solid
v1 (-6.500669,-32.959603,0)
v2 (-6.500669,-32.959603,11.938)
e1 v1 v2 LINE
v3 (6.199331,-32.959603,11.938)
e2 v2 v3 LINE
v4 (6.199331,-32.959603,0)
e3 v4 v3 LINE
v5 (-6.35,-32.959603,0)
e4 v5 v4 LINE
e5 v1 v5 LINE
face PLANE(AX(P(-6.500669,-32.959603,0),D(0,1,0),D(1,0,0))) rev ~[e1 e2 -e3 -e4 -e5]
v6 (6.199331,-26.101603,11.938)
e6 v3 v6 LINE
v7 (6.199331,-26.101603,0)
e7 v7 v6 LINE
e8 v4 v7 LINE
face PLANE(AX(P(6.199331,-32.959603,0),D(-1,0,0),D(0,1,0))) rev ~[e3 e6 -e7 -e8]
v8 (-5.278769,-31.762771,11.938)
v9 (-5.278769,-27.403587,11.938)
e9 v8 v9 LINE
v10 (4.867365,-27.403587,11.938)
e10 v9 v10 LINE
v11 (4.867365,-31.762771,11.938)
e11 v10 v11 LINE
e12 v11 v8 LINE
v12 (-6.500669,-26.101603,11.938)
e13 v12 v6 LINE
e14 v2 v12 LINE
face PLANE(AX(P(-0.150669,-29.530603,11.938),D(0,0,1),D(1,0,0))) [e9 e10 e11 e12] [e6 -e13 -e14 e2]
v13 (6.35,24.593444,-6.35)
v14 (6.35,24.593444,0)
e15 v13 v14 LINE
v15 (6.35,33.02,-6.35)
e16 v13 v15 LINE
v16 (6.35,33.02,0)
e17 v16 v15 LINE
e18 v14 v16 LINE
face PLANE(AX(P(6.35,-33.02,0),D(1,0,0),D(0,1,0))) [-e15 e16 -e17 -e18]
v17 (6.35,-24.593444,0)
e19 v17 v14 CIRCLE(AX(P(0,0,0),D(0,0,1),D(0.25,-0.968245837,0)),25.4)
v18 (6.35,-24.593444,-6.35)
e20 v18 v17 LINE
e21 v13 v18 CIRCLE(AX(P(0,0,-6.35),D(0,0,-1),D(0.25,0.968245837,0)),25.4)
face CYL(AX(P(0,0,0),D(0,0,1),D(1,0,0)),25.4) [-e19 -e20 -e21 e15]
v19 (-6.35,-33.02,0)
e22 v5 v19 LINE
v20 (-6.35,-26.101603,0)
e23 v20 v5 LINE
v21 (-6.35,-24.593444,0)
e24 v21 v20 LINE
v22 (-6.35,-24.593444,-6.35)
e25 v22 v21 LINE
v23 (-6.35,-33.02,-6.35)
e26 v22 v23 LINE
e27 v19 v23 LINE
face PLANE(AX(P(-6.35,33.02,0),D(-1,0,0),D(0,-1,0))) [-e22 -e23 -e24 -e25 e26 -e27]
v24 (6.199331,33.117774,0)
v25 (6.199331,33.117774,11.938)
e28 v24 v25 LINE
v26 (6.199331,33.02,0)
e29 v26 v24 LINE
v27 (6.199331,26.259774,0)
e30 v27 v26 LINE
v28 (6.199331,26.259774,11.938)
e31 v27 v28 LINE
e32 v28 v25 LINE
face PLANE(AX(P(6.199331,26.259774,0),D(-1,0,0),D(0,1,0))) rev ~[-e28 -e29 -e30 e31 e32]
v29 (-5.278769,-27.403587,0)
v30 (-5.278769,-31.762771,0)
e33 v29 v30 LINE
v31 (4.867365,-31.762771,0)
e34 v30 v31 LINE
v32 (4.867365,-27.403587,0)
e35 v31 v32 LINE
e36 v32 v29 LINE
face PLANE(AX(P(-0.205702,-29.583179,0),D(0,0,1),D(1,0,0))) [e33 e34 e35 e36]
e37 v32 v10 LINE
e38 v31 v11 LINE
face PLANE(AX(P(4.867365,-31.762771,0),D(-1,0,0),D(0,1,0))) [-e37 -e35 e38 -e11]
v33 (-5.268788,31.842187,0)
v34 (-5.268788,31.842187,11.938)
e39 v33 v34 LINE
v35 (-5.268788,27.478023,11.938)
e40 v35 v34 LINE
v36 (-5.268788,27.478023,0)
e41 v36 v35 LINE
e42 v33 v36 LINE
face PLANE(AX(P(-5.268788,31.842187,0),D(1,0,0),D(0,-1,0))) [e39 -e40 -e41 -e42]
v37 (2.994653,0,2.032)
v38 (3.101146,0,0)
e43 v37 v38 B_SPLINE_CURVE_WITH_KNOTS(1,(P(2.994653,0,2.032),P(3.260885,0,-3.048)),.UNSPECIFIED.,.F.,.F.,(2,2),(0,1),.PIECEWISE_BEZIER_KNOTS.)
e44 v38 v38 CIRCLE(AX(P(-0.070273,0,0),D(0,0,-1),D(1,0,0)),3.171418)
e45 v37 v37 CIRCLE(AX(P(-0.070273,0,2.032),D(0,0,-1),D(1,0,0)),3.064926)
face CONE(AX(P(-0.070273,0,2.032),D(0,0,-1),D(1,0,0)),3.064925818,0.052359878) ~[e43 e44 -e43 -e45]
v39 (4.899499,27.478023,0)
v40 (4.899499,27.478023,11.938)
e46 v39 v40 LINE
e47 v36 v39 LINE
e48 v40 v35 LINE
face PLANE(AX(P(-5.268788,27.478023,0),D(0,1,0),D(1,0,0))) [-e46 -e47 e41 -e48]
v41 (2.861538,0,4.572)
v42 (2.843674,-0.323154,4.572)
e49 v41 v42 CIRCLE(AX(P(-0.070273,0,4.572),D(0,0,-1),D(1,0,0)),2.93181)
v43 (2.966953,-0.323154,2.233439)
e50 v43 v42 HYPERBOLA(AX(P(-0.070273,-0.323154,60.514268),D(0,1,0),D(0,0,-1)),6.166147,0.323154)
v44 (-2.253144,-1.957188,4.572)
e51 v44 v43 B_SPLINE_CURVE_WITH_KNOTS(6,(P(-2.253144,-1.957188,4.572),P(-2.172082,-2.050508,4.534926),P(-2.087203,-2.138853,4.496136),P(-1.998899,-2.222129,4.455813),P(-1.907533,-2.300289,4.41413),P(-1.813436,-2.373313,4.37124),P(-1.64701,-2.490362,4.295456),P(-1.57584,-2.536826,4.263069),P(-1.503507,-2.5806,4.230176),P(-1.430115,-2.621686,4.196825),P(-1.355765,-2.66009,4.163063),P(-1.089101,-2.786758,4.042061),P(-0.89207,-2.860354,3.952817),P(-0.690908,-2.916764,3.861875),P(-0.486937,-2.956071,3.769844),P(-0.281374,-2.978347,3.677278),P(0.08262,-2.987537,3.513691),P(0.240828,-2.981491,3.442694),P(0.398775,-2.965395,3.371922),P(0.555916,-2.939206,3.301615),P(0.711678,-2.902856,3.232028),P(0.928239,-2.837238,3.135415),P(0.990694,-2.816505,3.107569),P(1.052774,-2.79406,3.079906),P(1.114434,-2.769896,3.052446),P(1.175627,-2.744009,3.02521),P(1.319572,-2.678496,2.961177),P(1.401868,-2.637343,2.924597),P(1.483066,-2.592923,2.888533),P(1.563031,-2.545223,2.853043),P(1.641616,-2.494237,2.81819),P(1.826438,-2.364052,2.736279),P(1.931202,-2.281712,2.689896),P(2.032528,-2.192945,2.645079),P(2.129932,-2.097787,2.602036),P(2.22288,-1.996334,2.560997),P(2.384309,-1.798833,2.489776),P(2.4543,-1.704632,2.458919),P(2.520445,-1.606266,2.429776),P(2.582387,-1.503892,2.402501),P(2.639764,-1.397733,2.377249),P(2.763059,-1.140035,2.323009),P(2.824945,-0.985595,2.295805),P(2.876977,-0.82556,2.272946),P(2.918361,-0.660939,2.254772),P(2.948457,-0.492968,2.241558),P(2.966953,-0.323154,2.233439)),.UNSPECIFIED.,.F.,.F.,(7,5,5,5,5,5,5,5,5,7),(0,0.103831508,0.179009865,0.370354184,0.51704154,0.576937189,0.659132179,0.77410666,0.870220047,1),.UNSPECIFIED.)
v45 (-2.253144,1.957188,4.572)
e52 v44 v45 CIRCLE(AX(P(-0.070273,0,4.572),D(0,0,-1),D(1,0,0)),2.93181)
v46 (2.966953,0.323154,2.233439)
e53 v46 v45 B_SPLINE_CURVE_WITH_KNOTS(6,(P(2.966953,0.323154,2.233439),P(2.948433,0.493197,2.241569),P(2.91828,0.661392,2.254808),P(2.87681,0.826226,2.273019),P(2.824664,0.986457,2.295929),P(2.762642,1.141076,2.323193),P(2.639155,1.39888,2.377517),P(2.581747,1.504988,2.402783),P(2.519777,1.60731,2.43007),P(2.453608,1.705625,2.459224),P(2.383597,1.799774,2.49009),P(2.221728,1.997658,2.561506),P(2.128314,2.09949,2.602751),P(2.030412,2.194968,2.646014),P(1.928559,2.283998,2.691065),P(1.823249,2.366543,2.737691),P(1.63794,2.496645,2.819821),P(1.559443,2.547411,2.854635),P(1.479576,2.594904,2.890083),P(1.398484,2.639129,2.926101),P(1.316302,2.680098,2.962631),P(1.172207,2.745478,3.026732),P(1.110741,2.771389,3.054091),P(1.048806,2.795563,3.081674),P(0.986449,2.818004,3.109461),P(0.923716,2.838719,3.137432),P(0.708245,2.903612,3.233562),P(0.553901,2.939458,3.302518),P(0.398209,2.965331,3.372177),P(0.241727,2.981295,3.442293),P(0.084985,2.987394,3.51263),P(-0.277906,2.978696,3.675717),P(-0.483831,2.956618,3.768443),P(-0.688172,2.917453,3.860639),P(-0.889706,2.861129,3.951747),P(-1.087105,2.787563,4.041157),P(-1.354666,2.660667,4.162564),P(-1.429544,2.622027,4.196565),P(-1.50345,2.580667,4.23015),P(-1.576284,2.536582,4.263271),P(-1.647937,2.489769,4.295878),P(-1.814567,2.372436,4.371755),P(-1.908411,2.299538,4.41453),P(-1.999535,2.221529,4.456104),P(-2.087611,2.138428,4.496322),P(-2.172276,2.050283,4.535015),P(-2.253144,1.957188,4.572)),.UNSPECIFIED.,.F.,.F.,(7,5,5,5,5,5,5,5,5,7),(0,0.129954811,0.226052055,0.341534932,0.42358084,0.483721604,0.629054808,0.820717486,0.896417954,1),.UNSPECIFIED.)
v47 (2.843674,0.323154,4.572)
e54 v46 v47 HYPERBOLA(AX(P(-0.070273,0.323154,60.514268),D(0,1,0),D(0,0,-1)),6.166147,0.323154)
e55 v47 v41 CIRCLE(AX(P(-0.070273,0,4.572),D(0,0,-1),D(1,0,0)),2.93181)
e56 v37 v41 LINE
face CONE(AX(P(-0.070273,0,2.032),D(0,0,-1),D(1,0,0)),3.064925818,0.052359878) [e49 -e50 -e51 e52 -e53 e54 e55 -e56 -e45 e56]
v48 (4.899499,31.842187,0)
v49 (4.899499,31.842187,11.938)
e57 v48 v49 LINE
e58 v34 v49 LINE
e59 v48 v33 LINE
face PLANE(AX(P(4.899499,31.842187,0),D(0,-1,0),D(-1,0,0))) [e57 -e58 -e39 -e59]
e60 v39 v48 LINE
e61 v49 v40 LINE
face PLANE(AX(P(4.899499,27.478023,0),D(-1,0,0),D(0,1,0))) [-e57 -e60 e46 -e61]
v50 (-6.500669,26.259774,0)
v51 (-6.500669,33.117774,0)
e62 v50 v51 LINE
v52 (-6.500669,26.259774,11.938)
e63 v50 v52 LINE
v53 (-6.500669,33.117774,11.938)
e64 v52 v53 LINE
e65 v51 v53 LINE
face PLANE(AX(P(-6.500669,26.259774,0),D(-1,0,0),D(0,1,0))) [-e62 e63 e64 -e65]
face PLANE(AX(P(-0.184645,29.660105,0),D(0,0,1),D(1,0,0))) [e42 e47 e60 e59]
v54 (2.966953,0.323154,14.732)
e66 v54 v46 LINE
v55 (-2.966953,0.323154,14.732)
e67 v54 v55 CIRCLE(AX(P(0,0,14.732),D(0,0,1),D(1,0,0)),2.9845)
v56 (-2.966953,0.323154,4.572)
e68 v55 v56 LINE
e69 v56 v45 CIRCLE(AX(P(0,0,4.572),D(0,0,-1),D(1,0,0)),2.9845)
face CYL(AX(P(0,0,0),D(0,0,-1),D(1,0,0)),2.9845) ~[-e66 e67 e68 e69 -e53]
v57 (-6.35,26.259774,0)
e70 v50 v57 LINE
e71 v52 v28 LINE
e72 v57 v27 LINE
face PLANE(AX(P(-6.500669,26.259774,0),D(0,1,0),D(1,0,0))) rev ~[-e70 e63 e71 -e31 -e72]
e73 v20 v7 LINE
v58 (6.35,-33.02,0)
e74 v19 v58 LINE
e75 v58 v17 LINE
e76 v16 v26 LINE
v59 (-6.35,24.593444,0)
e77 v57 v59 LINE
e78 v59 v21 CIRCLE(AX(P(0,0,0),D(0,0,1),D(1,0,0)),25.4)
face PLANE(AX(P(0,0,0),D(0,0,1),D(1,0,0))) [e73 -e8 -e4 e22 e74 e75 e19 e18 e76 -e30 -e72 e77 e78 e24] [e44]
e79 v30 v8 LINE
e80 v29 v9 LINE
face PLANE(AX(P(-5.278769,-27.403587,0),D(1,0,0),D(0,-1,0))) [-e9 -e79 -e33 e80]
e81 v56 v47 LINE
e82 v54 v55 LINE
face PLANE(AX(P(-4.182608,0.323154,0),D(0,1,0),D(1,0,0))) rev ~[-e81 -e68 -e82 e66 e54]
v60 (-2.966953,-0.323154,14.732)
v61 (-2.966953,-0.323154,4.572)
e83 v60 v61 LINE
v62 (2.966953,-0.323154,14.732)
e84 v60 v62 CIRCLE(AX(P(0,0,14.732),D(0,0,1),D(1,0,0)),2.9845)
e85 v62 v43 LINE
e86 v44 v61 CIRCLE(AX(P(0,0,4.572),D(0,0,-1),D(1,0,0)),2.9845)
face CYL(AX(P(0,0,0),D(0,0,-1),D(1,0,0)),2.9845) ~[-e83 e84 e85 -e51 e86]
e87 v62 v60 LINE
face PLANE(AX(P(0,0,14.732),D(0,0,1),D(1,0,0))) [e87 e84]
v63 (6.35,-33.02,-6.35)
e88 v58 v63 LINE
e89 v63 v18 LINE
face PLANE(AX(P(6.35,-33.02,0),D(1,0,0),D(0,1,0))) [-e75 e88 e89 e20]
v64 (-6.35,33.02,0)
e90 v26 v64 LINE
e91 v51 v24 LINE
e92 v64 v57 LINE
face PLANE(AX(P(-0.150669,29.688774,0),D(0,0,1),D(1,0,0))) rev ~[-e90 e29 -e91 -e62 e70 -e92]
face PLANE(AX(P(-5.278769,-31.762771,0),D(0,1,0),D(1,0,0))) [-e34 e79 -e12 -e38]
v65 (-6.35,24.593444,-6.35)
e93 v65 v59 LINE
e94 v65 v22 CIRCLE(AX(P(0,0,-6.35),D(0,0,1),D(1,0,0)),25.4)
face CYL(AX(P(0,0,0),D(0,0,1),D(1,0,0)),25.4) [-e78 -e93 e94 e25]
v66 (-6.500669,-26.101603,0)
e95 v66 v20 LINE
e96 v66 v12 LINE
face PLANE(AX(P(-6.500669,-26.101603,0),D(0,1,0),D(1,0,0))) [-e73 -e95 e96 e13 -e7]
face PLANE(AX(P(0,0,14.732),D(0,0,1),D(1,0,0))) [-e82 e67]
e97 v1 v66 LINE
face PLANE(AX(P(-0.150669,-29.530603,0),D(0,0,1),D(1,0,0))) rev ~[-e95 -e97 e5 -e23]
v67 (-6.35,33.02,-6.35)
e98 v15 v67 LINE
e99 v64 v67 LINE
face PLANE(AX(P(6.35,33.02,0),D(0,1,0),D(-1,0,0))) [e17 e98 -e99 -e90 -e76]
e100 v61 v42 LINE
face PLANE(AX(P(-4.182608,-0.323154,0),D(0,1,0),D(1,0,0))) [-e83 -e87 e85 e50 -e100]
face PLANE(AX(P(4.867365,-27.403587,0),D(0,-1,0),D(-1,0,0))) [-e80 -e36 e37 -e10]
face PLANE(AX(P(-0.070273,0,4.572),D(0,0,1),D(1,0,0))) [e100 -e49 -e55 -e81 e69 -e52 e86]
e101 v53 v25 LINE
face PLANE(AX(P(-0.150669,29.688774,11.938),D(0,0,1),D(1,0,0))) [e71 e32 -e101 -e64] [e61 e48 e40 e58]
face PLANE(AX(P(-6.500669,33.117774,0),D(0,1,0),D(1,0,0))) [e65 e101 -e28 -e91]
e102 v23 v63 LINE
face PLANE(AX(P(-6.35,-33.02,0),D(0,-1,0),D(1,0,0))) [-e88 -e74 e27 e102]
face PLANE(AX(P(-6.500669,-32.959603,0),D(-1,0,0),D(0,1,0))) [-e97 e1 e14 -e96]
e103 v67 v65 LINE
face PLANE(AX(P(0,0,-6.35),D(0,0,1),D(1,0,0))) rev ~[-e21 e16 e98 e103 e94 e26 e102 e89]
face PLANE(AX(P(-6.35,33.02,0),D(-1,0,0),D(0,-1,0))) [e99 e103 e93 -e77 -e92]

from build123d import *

# Parameters (mm, degrees)
F0_R           = 2.9845
F1_DEPTH       = 14.732
F2_W           = 7.293083705
F2_H           = 0.6463081809
F3_DEPTH       = 25.4
F4_R           = 25.4
F5_DEPTH       = 6.35
F7_DEPTH       = 6.35
F8_W           = 12.7
F8_H           = 6.858
F9_DEPTH       = 11.938
F11_DEPTH      = 25.4
F13_DEPTH      = 25.4
F14_W          = 5.7489185128
F14_H          = 1.582127763
F15_DEPTH      = 2.667
F17_R          = 3.0649258181
F18_DEPTH      = 5.08
F18_TAPER      = -3
F18_DEPTH_BACK = 2.54
F18_TAPER_BACK = 3


with BuildPart() as f1:
    # F0 (on Top) → F1 (new body)
    with BuildSketch(Plane.XY):
        Circle(F0_R)
    extrude(amount=F1_DEPTH)

    # F2 (on Top) → F3 (cut)
    with BuildSketch(Plane.XY):
        with Locations((-0.53606648, 0)):
            Rectangle(F2_W, F2_H)
    extrude(amount=F3_DEPTH, mode=Mode.SUBTRACT)



with BuildPart() as f5:
    # F4 (on Top) → F5 (new body)
    with BuildSketch(Plane.XY):
        Circle(F4_R)
    extrude(amount=-F5_DEPTH)


with BuildPart() as f7:
    # F6 (on Top) → F7 (new body)
    with BuildSketch(Plane.XY):
        Polygon((6.35, 33.02), (0, 33.02), (-6.35, 33.02), (-6.35, -33.02), (6.35, -33.02), align=None)
    extrude(amount=-F7_DEPTH)

    # F8 (on Top) → F9 (join)
    with BuildSketch(Plane.XY):
        with Locations((-0.1506691359, 29.6887743422)):
            Rectangle(F8_W, F8_H)
        with Locations((-0.1506691359, -29.5306027732)):
            Rectangle(F8_W, F8_H)
    extrude(amount=F9_DEPTH)

    # F10 (on Top) → F11 (cut)
    with BuildSketch(Plane.XY):
        Polygon((4.8673646525, -31.7627712542), (4.8673646525, -29.4287092984), (4.8673646525, -27.4035874754), (-1.8467506161, -27.4035874754), (-5.2787689492, -27.4035874754), (-5.2787689492, -29.4508635998), (-5.2787689492, -31.7627712542), align=None)
    extrude(amount=F11_DEPTH, mode=Mode.SUBTRACT)

    # F12 (on Top) → F13 (cut)
    with BuildSketch(Plane.XY):
        Polygon((-5.2687884308, 27.4780225009), (-1.7242872855, 27.4780225009), (4.8994985409, 27.4780225009), (4.8994985409, 29.8927128315), (4.8994985409, 31.842187047), (-0.8160090074, 31.842187047), (-5.2687884308, 31.842187047), (-5.2687884308, 29.5382626355), align=None)
    extrude(amount=F13_DEPTH, mode=Mode.SUBTRACT)


with BuildPart() as f15:
    # F14 (on face) → F15 (new body)
    with BuildSketch(Plane.XY):
        with Locations((-0.009511481, 0.0064342166)):
            Rectangle(F14_W, F14_H)
    extrude(amount=F15_DEPTH)


with BuildPart() as f1_1:
    add(f1.part)

    add(f5.part)  # F18 merges F5

    add(f7.part)  # F18 merges F7

    add(f15.part)  # F18 merges F15
    # F17 (on offset) → F18 (join, two sides)
    with BuildSketch(Plane.XY.offset(2.032)) as f18_sk:
        with Locations((-0.0702725374, 0)):
            Circle(F17_R)
    extrude(amount=-F18_DEPTH, taper=F18_TAPER)
    extrude(f18_sk.sketch, amount=F18_DEPTH_BACK, taper=F18_TAPER_BACK)


solid = f1_1.part
